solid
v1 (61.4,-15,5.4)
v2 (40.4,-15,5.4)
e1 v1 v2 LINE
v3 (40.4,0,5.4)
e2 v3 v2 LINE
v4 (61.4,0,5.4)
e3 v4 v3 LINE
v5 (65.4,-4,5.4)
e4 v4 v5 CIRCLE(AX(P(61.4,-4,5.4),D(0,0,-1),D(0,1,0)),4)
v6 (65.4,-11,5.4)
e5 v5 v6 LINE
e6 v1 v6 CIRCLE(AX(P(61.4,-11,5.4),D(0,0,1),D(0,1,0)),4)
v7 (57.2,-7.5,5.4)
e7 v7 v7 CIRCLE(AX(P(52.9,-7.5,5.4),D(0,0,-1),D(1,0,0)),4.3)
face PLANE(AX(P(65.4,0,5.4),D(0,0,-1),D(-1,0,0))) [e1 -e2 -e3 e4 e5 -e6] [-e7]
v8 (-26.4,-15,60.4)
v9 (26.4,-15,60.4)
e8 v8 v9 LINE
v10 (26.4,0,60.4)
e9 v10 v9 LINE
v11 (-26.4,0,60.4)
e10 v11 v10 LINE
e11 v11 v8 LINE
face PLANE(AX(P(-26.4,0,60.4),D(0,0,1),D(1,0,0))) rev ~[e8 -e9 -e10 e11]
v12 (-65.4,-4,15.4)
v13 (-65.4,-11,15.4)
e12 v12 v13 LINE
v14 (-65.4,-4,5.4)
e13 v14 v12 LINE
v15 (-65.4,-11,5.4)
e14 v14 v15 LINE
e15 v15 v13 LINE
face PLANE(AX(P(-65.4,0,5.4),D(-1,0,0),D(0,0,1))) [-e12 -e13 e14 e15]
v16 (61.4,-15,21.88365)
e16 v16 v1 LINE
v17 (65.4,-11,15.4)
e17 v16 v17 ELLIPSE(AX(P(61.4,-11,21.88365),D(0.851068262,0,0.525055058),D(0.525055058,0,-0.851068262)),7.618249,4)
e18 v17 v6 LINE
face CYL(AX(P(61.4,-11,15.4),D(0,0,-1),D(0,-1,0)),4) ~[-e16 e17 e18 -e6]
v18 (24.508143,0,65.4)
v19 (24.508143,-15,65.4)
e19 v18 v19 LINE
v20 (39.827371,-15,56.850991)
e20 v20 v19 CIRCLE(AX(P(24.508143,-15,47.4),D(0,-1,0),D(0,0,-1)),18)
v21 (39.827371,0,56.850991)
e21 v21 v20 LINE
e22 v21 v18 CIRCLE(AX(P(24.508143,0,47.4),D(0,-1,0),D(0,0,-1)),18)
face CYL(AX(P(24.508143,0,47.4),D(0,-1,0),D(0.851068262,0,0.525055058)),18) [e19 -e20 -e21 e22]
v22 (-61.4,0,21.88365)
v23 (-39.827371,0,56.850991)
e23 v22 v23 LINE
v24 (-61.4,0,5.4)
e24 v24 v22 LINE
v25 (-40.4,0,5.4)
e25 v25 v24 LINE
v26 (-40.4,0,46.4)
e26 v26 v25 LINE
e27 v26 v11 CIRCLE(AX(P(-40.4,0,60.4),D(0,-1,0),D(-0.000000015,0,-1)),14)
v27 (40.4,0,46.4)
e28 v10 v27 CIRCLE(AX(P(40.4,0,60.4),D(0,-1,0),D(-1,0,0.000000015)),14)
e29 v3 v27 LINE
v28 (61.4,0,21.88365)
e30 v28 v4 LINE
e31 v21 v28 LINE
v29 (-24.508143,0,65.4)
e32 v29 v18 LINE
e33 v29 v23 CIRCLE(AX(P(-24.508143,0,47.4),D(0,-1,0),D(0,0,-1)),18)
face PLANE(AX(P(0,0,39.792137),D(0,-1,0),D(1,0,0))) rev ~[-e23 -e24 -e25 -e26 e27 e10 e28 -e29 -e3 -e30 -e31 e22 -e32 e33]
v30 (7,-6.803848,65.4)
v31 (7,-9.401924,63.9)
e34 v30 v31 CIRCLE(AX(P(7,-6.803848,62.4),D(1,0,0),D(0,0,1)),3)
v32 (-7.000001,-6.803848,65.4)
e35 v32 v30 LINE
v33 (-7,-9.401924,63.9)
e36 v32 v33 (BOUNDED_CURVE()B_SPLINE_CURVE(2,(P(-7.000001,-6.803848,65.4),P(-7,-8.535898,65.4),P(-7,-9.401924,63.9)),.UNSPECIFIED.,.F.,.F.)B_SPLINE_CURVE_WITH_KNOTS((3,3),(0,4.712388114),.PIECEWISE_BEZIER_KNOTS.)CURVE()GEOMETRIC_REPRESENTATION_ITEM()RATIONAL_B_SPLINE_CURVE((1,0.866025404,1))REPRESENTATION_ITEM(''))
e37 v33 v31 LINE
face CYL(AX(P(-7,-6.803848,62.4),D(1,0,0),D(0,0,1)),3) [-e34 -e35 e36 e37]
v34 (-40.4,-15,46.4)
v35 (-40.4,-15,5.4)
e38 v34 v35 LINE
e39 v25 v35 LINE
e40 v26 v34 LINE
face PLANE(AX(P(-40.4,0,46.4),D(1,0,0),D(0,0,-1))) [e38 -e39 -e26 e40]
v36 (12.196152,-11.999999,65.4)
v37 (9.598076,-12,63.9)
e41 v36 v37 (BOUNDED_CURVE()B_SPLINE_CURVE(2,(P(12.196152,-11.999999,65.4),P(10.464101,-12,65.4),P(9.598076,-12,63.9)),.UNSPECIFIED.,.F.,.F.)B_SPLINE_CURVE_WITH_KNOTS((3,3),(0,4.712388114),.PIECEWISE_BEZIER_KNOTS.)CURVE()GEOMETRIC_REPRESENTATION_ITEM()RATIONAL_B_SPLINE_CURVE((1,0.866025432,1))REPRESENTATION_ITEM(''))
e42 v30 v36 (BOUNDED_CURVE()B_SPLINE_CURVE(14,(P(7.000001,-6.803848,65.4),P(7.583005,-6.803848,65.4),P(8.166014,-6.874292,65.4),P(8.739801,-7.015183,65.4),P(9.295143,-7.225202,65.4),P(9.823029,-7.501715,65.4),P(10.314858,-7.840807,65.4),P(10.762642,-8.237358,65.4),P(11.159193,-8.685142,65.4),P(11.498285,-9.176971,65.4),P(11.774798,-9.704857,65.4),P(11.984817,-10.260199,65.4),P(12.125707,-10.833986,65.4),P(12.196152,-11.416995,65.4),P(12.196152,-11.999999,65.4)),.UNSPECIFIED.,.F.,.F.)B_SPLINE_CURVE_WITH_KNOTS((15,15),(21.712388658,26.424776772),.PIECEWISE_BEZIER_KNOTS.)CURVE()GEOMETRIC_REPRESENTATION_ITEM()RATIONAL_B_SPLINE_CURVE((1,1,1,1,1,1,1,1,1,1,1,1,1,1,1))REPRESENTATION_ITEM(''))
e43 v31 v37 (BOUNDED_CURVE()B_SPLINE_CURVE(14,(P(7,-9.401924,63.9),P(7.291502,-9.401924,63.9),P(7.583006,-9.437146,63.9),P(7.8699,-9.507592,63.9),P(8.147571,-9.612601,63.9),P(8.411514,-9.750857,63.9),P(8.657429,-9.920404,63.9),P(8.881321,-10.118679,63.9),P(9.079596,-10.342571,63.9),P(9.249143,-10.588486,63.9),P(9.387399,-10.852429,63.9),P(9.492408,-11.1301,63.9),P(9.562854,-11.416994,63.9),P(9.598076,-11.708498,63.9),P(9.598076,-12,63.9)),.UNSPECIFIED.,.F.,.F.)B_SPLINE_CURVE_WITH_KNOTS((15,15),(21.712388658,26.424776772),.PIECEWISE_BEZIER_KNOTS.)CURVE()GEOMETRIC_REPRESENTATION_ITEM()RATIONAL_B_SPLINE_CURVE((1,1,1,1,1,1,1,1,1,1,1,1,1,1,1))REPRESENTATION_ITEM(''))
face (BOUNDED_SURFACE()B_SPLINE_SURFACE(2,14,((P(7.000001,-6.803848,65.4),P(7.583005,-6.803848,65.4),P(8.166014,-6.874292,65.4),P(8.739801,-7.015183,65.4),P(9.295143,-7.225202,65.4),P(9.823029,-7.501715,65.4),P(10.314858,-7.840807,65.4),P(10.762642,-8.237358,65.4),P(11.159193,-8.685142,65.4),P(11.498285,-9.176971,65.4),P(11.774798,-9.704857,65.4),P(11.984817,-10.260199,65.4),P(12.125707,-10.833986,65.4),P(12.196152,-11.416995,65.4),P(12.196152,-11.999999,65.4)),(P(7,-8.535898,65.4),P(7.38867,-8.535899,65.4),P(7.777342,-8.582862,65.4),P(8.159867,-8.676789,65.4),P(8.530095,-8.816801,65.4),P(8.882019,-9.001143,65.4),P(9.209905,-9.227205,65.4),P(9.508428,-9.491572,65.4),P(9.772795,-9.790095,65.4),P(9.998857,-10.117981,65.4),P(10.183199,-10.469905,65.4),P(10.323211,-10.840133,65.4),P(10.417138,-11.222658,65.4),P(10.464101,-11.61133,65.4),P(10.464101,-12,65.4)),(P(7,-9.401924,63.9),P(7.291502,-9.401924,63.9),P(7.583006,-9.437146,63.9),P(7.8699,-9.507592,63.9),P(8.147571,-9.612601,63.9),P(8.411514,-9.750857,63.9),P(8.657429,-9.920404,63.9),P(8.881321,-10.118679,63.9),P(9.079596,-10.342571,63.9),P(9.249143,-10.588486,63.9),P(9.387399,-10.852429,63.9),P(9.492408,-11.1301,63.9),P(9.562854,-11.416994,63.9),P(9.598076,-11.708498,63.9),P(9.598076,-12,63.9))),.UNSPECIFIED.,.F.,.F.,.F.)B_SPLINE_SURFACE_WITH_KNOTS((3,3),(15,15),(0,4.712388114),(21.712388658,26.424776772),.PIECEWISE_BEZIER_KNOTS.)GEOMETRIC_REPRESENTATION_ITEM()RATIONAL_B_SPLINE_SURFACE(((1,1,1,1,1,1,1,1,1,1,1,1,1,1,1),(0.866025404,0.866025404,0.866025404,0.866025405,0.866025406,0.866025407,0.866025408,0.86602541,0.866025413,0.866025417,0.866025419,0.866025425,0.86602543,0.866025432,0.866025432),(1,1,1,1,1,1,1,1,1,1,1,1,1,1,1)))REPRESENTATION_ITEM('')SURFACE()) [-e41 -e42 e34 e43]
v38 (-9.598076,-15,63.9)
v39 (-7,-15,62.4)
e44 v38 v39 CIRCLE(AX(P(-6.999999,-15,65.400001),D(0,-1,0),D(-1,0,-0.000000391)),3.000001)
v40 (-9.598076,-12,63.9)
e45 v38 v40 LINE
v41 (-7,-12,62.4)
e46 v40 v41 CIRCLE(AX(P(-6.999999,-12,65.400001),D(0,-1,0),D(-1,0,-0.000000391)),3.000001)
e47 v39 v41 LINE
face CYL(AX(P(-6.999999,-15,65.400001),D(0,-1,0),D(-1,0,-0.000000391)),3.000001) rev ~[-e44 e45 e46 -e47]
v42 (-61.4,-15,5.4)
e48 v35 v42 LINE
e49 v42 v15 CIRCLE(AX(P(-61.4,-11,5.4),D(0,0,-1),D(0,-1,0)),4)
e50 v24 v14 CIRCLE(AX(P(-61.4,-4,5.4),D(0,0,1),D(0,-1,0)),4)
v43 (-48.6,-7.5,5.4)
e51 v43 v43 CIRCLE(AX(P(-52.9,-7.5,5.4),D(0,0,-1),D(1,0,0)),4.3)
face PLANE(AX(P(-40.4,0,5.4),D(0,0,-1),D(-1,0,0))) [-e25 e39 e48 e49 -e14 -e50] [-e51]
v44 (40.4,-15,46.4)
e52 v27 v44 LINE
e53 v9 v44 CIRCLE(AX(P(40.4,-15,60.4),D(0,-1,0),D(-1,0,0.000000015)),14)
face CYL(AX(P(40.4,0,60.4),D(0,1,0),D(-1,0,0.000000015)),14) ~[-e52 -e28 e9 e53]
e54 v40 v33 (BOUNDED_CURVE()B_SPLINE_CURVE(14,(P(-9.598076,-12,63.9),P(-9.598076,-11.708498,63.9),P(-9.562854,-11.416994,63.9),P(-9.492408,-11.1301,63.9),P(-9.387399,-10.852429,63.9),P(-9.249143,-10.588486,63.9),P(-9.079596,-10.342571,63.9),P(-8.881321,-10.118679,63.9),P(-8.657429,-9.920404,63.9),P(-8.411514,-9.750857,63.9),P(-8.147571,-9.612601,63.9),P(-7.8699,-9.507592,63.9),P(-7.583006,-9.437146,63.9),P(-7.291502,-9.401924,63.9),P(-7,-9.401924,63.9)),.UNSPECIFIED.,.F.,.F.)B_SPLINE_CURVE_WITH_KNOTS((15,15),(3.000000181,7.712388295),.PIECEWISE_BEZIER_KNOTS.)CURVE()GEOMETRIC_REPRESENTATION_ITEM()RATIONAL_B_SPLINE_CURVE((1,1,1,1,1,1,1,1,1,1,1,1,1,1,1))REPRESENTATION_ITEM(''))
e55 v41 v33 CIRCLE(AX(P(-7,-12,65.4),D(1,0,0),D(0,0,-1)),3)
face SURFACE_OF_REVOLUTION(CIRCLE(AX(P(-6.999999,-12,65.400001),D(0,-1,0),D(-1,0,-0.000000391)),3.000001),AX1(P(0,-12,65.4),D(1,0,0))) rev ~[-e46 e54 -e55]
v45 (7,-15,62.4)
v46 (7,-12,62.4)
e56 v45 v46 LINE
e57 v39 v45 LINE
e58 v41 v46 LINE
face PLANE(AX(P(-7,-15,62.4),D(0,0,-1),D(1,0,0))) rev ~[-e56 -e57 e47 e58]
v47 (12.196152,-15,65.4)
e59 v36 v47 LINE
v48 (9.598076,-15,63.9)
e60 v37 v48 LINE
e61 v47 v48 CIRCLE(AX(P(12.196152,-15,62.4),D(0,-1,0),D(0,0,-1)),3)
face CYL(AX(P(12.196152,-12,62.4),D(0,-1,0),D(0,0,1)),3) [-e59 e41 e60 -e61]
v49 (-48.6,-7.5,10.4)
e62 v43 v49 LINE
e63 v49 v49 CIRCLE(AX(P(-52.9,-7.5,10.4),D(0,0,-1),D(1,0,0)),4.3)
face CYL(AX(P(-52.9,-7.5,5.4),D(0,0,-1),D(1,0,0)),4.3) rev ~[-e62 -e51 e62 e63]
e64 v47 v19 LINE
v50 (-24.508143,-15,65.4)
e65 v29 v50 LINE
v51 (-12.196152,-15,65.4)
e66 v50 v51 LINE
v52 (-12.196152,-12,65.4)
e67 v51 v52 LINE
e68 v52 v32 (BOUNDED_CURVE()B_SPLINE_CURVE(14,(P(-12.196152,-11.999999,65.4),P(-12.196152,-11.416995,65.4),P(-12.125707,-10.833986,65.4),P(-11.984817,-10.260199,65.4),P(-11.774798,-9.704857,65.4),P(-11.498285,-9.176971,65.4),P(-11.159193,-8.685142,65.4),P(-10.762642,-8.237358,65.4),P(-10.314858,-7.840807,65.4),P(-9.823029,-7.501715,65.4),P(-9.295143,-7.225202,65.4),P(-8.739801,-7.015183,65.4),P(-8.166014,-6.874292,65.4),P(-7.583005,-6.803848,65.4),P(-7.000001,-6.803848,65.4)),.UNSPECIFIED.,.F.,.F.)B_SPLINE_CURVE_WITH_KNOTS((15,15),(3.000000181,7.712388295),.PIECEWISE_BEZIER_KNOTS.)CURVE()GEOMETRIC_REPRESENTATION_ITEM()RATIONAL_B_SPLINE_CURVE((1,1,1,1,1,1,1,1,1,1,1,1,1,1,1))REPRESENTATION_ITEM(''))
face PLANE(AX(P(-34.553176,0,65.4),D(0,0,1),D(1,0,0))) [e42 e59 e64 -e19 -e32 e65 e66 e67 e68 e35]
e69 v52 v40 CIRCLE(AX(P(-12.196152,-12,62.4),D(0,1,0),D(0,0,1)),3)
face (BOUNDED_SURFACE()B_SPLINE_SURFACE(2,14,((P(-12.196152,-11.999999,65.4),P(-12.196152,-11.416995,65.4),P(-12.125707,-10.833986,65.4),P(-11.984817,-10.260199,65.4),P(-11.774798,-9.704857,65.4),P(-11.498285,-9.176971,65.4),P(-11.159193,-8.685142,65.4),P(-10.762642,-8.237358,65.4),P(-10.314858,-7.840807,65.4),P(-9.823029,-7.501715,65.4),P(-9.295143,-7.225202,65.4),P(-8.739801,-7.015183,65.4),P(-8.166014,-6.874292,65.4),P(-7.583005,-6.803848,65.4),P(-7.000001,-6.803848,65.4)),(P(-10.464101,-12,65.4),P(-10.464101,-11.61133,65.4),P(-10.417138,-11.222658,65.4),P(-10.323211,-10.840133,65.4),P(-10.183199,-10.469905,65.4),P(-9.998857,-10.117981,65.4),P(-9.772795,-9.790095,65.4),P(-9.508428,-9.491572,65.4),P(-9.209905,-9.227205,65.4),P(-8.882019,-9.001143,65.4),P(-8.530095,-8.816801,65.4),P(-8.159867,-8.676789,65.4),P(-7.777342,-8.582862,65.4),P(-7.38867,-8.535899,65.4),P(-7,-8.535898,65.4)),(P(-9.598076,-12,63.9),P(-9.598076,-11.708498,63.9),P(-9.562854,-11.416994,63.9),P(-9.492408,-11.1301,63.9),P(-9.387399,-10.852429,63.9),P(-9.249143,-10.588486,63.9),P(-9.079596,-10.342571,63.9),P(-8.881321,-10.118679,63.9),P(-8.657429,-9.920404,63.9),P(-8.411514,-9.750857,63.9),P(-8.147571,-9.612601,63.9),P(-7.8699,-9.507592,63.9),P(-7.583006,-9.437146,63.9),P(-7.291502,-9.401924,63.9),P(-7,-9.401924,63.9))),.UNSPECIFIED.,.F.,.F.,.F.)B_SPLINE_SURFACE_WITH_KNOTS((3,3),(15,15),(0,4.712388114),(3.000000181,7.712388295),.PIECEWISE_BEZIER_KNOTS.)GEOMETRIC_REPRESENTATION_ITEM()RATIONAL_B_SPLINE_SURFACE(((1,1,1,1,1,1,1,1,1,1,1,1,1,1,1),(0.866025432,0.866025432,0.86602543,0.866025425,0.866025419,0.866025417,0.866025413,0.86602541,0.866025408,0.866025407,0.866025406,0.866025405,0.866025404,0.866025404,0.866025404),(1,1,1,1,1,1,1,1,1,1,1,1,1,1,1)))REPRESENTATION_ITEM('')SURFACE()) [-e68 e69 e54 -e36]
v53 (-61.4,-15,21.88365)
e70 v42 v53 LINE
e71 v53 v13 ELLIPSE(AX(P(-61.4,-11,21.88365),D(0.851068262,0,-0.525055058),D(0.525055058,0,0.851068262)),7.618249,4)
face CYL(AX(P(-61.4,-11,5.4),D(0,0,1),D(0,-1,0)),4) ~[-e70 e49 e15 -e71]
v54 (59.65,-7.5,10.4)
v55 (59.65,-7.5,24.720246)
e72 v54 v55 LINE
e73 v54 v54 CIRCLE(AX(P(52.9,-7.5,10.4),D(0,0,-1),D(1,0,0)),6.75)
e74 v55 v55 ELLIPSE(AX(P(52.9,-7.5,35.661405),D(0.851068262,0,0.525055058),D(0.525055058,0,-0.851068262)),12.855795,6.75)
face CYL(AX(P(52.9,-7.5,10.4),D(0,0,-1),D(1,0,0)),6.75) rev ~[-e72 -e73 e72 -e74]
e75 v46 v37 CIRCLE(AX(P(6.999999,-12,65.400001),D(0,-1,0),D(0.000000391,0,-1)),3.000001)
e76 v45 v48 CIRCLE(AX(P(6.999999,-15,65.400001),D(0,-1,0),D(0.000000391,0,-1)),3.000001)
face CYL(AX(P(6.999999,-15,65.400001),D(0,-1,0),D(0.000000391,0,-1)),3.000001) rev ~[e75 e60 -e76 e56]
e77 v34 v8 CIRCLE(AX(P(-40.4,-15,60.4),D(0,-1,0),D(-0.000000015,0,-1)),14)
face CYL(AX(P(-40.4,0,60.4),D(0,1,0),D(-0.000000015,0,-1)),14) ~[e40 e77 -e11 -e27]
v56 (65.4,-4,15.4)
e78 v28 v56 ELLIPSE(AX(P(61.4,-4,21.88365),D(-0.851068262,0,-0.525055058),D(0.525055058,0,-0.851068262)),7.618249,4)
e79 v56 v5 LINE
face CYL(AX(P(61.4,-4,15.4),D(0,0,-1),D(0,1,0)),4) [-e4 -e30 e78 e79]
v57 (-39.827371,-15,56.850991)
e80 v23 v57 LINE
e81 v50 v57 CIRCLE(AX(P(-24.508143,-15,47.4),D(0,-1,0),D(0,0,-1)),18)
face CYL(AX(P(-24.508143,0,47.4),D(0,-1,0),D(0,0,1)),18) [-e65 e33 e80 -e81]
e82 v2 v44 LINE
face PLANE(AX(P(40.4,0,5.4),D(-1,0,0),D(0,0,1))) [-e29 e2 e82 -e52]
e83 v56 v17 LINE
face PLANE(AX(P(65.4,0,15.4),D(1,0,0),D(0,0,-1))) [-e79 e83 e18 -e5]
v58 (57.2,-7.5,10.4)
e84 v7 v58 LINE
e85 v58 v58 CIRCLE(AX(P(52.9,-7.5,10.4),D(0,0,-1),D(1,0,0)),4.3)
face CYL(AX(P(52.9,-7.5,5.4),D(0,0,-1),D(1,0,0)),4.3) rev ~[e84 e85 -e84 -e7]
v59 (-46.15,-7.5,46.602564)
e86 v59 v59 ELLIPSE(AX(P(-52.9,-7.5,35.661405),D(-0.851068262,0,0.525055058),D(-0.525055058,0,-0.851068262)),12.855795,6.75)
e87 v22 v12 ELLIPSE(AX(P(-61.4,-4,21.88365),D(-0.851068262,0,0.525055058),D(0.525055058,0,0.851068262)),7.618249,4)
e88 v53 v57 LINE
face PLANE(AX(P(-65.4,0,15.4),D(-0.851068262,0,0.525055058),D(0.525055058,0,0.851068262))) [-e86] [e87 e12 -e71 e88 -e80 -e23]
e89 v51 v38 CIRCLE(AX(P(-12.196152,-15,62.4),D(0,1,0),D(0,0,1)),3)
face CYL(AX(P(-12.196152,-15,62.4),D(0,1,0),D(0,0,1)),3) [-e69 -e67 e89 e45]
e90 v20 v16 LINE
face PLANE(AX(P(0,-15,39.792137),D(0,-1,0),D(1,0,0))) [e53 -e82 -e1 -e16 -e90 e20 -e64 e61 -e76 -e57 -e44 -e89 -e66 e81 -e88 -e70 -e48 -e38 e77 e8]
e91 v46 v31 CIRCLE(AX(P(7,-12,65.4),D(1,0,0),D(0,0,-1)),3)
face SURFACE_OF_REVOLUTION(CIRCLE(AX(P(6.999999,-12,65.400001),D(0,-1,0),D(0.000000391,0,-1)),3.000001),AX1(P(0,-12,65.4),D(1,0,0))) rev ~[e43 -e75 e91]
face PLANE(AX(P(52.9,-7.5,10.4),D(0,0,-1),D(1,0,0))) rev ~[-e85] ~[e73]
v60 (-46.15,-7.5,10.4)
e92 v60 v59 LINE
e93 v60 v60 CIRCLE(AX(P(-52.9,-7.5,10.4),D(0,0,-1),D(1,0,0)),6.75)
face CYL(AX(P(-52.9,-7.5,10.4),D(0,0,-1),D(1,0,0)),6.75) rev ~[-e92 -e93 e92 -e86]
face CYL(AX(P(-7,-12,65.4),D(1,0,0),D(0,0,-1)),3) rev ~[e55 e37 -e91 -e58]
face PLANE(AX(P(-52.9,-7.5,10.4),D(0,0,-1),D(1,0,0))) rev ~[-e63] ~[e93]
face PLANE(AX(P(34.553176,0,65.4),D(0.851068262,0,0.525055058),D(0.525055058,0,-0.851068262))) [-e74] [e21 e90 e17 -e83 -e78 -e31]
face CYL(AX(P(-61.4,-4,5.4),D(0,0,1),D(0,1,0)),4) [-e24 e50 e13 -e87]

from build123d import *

# Parameters (mm, degrees)
PAD_DEPTH       = 15
SKETCH001_R     = 4.3
POCKET_DEPTH    = 60.001
SKETCH002_R     = 6.75
POCKET001_DEPTH = 55.001
FILLET_R        = 4
FILLET001_R     = 18
POCKET002_DEPTH = 3
GROOVE_ANGLE    = 90
FILLET002_R     = 3


with BuildPart() as part:
    # Sketch → Pad (new body)
    with BuildSketch(Plane.XZ):
        with BuildLine():
            ThreePointArc((-40.4, 46.4), (-30.500505, 50.500505), (-26.4, 60.4))
            Line((-26.4, 60.4), (26.4, 60.4))
            ThreePointArc((26.4, 60.4), (30.500505, 50.500505), (40.4, 46.4))
            Line((40.4, 5.4), (40.4, 46.4))
            Line((65.4, 5.4), (40.4, 5.4))
            Line((65.4, 15.4), (65.4, 5.4))
            Line((34.553176, 65.4), (65.4, 15.4))
            Line((-34.553176, 65.4), (34.553176, 65.4))
            Line((-65.4, 15.4), (-34.553176, 65.4))
            Line((-65.4, 5.4), (-65.4, 15.4))
            Line((-40.4, 5.4), (-65.4, 5.4))
            Line((-40.4, 46.4), (-40.4, 5.4))
        make_face()
    extrude(amount=PAD_DEPTH)

    # Sketch001 (on Face11 of Pad) → Pocket (cut, through all)
    with BuildSketch(Plane(origin=(0, 0, 5.4), x_dir=(1, 0, 0), z_dir=(0, 0, -1))):
        with Locations((-52.9, 7.5)):
            Circle(SKETCH001_R)
        with Locations((52.9, 7.5)):
            Circle(SKETCH001_R)
    extrude(amount=-POCKET_DEPTH, mode=Mode.SUBTRACT)

    # Sketch002 (on Face6 of Pocket) → Pocket001 (cut, through all)
    with BuildSketch(Plane(origin=(0, 0, 10.4), x_dir=(1, 0, 0), z_dir=(0, 0, -1))):
        with Locations((-52.9, 7.5)):
            Circle(SKETCH002_R)
        with Locations((52.9, 7.5)):
            Circle(SKETCH002_R)
    extrude(amount=-POCKET001_DEPTH, mode=Mode.SUBTRACT)

    # Fillet
    fillet_edges = [part.edges().sort_by_distance(p)[0] for p in [
        (-65.4, -15, 10.4),
        (-65.4, 0, 10.4),
        (65.4, -15, 10.4),
        (65.4, 0, 10.4),
    ]]
    fillet(fillet_edges, radius=FILLET_R)

    # Fillet001
    fillet001_edges = [part.edges().sort_by_distance(p)[0] for p in [
        (-34.553176, -7.5, 65.4),
        (34.553176, -7.5, 65.4),
    ]]
    fillet(fillet001_edges, radius=FILLET001_R)

    # Sketch003 (on Face16 of Fillet001) → Pocket002 (cut)
    with BuildSketch(Plane.XZ.offset(15)):
        with BuildLine():
            ThreePointArc((-10, 65.4), (-9.12132, 63.27868), (-7, 62.4))
            Line((-7, 62.4), (7, 62.4))
            ThreePointArc((7, 62.4), (9.12132, 63.27868), (10, 65.4))
            Line((-10, 65.4), (10, 65.4))
        make_face()
    extrude(amount=-POCKET002_DEPTH, mode=Mode.SUBTRACT)

    # Pocket002 Face21 → Groove (revolve, cut)
    with BuildSketch(Plane(origin=(0, -12, 63.957106), x_dir=(-1, 0, 0), z_dir=(0, -1, 0))):
        with BuildLine():
            ThreePointArc((10, -1.442894), (9.12132, 0.678426), (7, 1.557106))
            Line((7, 1.557106), (-7, 1.557106))
            ThreePointArc((-7, 1.557106), (-9.12132, 0.678426), (-10, -1.442894))
            Line((-10, -1.442894), (10, -1.442894))
        make_face()
    revolve(axis=Axis((0, -12, 65.4), (1, 0, 0)), revolution_arc=GROOVE_ANGLE, mode=Mode.SUBTRACT)

    # Fillet002
    fillet002_edges = [part.edges().sort_by_distance(p)[0] for p in [
        (0, -9, 65.4),
    ]]
    fillet(fillet002_edges, radius=FILLET002_R)


solid = part.part
